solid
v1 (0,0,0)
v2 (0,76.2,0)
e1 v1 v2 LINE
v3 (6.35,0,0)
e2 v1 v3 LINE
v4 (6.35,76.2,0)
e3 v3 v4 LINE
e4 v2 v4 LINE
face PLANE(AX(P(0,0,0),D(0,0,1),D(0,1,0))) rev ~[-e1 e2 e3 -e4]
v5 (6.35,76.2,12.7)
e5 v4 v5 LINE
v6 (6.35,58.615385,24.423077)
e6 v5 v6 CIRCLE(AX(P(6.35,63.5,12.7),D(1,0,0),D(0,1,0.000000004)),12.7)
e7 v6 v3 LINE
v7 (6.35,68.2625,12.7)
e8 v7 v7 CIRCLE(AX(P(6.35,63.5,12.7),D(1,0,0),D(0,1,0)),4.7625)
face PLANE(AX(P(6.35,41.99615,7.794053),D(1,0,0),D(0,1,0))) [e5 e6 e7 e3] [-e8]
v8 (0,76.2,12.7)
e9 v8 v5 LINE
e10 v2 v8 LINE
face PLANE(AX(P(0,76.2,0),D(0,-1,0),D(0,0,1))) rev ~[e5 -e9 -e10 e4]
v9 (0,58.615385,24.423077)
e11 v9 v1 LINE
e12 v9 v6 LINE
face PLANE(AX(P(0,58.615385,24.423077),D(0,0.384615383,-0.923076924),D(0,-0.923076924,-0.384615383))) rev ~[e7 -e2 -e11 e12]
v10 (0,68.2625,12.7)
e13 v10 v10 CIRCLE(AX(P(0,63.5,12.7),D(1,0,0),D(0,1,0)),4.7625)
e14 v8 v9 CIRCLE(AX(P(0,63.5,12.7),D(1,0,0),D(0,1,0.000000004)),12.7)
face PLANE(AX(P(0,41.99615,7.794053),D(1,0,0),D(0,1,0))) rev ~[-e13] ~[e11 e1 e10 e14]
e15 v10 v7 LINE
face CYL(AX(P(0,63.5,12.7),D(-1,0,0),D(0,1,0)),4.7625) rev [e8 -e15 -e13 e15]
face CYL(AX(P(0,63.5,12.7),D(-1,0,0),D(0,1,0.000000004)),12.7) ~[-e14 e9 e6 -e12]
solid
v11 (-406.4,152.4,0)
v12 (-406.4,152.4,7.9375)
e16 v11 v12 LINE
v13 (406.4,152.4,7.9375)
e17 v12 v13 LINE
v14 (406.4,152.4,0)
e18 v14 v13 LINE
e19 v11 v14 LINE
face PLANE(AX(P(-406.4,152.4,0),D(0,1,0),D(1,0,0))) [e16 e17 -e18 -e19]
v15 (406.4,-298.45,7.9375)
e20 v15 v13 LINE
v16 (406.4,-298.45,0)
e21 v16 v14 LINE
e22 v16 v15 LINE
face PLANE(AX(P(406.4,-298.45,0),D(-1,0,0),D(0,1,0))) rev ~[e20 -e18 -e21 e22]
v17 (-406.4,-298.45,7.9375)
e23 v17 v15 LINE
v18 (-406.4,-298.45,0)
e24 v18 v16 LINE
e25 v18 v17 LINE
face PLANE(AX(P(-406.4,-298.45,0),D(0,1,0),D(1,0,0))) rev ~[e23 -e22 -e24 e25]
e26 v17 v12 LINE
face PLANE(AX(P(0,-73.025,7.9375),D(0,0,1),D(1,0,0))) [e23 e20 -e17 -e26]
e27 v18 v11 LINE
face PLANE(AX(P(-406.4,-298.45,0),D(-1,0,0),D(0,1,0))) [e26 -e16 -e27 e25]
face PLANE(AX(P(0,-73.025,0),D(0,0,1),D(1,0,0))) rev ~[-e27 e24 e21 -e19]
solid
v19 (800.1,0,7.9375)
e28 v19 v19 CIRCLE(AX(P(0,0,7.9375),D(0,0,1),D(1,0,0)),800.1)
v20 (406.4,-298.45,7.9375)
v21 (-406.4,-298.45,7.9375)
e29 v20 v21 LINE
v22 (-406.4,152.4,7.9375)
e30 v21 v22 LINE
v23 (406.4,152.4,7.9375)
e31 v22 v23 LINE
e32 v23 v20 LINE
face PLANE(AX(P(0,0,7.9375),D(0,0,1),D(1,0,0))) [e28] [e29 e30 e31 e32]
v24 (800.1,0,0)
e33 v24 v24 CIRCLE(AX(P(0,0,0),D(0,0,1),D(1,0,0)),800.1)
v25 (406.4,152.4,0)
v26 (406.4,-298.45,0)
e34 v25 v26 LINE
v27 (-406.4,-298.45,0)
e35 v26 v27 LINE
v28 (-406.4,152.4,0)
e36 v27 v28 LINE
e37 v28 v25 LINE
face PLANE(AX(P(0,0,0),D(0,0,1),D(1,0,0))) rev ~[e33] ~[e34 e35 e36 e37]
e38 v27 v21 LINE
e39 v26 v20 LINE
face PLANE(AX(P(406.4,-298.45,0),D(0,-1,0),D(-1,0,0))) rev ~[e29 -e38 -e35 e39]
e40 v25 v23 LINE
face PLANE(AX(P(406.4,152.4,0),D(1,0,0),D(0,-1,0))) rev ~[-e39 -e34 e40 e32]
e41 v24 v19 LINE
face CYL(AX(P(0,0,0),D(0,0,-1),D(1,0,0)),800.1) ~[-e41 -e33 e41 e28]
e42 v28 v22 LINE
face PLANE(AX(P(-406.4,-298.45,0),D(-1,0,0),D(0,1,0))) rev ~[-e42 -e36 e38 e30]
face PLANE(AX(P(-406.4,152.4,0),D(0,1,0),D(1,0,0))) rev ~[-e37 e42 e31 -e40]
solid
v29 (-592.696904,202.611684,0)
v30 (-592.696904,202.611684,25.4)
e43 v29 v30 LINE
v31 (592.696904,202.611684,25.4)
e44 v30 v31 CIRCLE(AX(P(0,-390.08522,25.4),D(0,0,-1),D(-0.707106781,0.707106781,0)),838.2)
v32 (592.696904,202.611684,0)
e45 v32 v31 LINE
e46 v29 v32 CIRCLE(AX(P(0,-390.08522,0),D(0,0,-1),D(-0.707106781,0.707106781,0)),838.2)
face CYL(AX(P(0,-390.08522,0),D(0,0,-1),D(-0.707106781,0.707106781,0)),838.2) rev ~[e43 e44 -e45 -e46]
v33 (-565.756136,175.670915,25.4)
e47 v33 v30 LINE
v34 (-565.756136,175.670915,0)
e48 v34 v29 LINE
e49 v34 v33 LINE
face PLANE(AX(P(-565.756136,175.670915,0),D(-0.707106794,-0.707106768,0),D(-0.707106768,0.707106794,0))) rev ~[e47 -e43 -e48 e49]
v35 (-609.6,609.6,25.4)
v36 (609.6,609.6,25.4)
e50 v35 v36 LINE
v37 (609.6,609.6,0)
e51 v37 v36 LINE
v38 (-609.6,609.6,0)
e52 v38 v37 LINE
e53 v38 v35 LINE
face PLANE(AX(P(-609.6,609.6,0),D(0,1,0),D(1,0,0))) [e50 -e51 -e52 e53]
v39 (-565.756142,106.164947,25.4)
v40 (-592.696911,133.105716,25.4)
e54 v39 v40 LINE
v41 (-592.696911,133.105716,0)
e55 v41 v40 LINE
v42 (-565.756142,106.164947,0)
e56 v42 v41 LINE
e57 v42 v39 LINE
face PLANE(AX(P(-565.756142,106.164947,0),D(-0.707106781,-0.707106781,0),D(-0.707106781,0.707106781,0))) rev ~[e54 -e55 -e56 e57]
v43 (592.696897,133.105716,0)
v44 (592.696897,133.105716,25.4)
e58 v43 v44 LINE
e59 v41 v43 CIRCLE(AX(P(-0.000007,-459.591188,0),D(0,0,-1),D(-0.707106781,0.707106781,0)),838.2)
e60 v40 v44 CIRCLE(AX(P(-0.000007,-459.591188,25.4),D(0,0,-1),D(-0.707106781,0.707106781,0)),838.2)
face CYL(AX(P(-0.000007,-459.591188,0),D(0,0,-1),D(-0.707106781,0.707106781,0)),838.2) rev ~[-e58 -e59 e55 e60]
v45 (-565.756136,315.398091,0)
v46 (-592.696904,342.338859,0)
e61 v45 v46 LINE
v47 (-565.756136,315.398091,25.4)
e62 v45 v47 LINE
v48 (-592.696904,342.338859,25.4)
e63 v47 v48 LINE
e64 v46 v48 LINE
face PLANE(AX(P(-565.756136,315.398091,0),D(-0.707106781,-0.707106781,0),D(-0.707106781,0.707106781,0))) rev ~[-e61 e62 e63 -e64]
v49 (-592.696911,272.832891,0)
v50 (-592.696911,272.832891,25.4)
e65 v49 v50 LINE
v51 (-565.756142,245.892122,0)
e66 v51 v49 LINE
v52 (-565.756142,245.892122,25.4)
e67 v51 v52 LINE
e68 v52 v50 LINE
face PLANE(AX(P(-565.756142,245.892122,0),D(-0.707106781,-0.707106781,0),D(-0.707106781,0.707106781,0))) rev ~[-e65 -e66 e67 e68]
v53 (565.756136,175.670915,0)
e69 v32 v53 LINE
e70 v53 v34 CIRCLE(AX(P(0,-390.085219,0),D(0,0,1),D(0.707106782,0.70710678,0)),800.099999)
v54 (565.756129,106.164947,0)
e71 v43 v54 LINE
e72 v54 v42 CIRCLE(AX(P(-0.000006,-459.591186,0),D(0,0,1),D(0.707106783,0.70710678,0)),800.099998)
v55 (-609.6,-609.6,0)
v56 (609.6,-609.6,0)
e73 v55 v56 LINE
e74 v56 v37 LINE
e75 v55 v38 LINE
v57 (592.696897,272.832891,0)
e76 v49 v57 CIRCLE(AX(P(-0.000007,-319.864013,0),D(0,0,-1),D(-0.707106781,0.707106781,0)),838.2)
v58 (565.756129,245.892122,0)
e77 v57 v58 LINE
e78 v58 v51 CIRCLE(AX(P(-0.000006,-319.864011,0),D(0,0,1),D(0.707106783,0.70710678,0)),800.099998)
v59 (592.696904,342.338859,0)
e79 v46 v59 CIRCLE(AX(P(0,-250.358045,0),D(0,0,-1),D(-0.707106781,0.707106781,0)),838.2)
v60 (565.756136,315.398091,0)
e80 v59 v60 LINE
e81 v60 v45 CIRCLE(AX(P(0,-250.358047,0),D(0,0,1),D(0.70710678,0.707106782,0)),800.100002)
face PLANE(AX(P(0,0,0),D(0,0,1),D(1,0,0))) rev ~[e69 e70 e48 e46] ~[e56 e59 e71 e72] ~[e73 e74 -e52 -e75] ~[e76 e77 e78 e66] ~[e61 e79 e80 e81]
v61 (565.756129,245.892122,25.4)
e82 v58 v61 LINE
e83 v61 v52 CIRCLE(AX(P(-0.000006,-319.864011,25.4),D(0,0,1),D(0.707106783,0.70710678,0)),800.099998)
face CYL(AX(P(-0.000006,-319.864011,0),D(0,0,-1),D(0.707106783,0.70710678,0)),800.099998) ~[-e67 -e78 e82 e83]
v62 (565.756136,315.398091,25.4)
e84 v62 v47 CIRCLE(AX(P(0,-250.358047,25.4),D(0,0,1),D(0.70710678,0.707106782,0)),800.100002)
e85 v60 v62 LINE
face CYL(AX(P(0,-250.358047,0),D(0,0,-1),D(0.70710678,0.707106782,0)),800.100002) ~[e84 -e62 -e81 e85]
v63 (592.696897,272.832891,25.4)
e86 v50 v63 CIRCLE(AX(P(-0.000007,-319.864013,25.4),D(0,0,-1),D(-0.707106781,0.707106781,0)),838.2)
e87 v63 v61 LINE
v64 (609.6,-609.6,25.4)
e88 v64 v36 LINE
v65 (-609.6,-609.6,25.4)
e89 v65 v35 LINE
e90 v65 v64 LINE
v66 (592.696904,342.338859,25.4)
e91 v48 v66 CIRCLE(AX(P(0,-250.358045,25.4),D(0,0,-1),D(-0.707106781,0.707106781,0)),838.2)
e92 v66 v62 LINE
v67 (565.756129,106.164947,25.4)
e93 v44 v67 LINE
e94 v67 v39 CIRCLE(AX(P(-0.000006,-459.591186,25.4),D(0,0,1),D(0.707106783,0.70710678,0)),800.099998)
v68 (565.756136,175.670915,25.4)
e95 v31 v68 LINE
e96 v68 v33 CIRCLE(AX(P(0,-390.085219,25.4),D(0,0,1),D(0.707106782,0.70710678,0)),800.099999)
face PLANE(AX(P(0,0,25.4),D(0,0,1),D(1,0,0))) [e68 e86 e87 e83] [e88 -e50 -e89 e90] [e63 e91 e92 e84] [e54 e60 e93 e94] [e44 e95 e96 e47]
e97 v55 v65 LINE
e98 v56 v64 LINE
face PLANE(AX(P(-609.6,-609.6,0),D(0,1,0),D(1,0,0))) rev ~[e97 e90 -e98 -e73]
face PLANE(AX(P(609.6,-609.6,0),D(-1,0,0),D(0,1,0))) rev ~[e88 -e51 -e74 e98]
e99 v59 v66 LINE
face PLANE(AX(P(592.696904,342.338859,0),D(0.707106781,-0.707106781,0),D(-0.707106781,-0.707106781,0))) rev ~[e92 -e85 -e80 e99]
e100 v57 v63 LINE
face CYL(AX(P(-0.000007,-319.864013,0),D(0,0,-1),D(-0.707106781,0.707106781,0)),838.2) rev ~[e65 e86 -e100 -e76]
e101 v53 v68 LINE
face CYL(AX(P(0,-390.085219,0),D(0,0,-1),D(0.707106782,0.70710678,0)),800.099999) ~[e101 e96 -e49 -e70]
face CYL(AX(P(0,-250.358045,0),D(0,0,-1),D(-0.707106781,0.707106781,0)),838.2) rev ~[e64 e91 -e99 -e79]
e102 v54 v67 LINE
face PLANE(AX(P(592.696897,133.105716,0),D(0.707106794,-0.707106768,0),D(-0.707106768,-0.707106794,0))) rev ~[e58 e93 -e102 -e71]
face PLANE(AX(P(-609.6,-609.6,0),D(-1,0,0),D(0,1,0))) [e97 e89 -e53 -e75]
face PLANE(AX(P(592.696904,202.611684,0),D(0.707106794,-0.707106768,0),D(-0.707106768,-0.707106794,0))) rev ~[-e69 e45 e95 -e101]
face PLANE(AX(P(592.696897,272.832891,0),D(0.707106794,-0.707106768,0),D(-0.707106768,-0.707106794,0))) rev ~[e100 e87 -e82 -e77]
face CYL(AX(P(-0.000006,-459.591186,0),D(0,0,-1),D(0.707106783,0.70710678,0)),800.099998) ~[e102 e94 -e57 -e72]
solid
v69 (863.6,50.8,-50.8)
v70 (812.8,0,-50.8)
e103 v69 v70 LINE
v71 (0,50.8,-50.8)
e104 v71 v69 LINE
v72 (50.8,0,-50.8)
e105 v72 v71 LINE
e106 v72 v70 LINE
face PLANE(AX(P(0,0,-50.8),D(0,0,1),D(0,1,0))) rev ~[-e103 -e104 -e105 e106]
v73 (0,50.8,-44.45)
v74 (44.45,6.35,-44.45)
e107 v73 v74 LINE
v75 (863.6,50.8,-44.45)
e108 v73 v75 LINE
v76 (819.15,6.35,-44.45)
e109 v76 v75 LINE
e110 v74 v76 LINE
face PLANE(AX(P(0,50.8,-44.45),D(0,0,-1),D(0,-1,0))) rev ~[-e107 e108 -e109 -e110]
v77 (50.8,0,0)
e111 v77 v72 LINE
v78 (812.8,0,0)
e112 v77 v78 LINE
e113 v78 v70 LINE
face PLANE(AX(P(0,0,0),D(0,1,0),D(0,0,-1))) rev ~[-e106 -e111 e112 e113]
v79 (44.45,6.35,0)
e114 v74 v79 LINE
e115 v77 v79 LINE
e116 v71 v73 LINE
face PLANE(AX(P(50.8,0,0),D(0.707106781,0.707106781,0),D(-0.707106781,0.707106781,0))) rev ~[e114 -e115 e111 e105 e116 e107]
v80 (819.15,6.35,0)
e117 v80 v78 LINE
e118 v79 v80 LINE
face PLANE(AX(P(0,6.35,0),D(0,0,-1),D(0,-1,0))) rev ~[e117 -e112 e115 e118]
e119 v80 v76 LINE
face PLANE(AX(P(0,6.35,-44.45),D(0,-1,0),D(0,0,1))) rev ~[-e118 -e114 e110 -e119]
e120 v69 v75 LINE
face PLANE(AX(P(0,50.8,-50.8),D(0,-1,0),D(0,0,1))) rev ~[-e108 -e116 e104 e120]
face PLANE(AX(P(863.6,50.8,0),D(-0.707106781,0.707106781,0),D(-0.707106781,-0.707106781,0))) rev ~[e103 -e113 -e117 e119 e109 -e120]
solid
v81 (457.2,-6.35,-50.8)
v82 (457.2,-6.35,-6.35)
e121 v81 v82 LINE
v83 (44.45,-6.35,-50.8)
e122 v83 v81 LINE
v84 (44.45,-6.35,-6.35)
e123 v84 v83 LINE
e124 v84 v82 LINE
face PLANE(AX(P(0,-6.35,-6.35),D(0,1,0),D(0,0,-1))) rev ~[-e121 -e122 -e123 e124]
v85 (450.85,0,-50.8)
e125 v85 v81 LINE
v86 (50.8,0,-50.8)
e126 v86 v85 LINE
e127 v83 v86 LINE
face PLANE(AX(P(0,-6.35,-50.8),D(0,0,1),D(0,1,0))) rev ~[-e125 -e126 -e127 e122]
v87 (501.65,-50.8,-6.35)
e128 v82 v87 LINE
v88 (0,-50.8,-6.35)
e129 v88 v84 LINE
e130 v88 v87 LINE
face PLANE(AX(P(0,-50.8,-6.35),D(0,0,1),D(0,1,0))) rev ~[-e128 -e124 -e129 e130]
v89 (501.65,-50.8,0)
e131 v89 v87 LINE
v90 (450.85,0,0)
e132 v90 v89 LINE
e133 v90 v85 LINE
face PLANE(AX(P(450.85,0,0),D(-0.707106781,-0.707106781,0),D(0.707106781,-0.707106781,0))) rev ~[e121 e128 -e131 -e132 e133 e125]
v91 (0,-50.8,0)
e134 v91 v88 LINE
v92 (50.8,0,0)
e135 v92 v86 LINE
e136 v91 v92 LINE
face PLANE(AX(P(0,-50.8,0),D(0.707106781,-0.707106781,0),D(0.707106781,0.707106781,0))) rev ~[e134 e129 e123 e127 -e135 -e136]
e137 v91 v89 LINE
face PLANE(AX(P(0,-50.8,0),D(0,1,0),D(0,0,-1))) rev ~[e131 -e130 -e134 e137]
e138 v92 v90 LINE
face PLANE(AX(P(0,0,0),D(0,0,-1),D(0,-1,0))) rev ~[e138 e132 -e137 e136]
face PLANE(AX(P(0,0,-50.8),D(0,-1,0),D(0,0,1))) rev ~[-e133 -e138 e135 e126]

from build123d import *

# Parameters (mm, degrees)
F0_R      = 800.1
F1_DEPTH  = 7.9375
F2_R      = 4.7625
F3_DEPTH  = 6.35
F4_W      = 812.8
F4_H      = 450.85
F5_DEPTH  = 7.9375
F7_DEPTH  = 863.6
F9_DEPTH  = 50.8
F11_DEPTH = 501.65
F13_DEPTH = 50.8
F14_W     = 1219.2
F14_H     = 1219.2
F15_DEPTH = 25.4


with BuildPart() as f1:
    # F0 (on Top) → F1 (new body)
    with BuildSketch(Plane.XY):
        Circle(F0_R)
        Polygon((-406.4, 152.4), (0, 152.4), (406.4, 152.4), (406.4, -298.45), (-406.4, -298.45), align=None, mode=Mode.SUBTRACT)
    extrude(amount=F1_DEPTH)


with BuildPart() as f3:
    # F2 (on Right) → F3 (new body)
    with BuildSketch(Plane.YZ):
        with BuildLine():
            Line((58.615385, 24.423077), (0, 0))
            Line((0, 0), (76.2, 0))
            Line((76.2, 0), (76.2, 12.7))
            ThreePointArc((76.2, 12.7), (70.544692, 23.267039), (58.615385, 24.423077))
        make_face()
        with Locations((63.5, 12.7)):
            Circle(F2_R, mode=Mode.SUBTRACT)
    extrude(amount=F3_DEPTH)


with BuildPart() as f5:
    # F4 (on Top) → F5 (new body)
    with BuildSketch(Plane.XY):
        with Locations((0, -73.025)):
            Rectangle(F4_W, F4_H)
    extrude(amount=F5_DEPTH)


with BuildPart() as f7:
    # F6 (on Right) → F7 (new body)
    with BuildSketch(Plane.YZ):
        Polygon((6.35, 0), (0, 0), (0, -50.8), (50.8, -50.8), (50.8, -44.45), (6.35, -44.45), align=None)
    extrude(amount=F7_DEPTH)

    # F8 (on Top) → F9 (cut)
    with BuildSketch(Plane.XY):
        Polygon((0, 50.8), (0, 0), (50.8, 0), align=None)
        Polygon((863.6, 0), (863.6, 50.8), (812.8, 0), align=None)
    extrude(amount=-F9_DEPTH, mode=Mode.SUBTRACT)


with BuildPart() as f11:
    # F10 (on Right) → F11 (new body)
    with BuildSketch(Plane.YZ):
        Polygon((0, -50.8), (0, 0), (-50.8, 0), (-50.8, -6.35), (-6.35, -6.35), (-6.35, -50.8), align=None)
    extrude(amount=F11_DEPTH)

    # F12 (on Top) → F13 (cut)
    with BuildSketch(Plane.XY):
        Polygon((501.65, -50.8), (501.65, 0), (450.85, 0), align=None)
        Polygon((0, 0), (0, -50.8), (50.8, 0), align=None)
    extrude(amount=-F13_DEPTH, mode=Mode.SUBTRACT)


with BuildPart() as f15:
    # F14 (on Top) → F15 (new body)
    with BuildSketch(Plane.XY):
        Rectangle(F14_W, F14_H)
        with BuildLine():
            ThreePointArc((-592.696911, 133.105716), (-7e-06, 378.608812), (592.696897, 133.105716))
            Line((592.696897, 133.105716), (565.756129, 106.164947))
            ThreePointArc((565.756129, 106.164947), (-7e-06, 340.508812), (-565.756142, 106.164947))
            Line((-565.756142, 106.164947), (-592.696911, 133.105716))
        make_face(mode=Mode.SUBTRACT)
        with BuildLine():
            ThreePointArc((-592.696904, 202.611684), (0, 448.11478), (592.696904, 202.611684))
            Line((592.696904, 202.611684), (565.756136, 175.670915))
            ThreePointArc((565.756136, 175.670915), (0, 410.01478), (-565.756136, 175.670915))
            Line((-565.756136, 175.670915), (-592.696904, 202.611684))
        make_face(mode=Mode.SUBTRACT)
        with BuildLine():
            ThreePointArc((-592.696911, 272.832891), (-7e-06, 518.335987), (592.696897, 272.832891))
            Line((592.696897, 272.832891), (565.756129, 245.892122))
            ThreePointArc((565.756129, 245.892122), (-7e-06, 480.235987), (-565.756142, 245.892122))
            Line((-565.756142, 245.892122), (-592.696911, 272.832891))
        make_face(mode=Mode.SUBTRACT)
        with BuildLine():
            ThreePointArc((-592.696904, 342.338859), (0, 587.841955), (592.696904, 342.338859))
            Line((592.696904, 342.338859), (565.756136, 315.398091))
            ThreePointArc((565.756136, 315.398091), (0, 549.741955), (-565.756136, 315.398091))
            Line((-565.756136, 315.398091), (-592.696904, 342.338859))
        make_face(mode=Mode.SUBTRACT)
    extrude(amount=F15_DEPTH)


solid = Compound([f1.part, f3.part, f5.part, f7.part, f11.part, f15.part])
